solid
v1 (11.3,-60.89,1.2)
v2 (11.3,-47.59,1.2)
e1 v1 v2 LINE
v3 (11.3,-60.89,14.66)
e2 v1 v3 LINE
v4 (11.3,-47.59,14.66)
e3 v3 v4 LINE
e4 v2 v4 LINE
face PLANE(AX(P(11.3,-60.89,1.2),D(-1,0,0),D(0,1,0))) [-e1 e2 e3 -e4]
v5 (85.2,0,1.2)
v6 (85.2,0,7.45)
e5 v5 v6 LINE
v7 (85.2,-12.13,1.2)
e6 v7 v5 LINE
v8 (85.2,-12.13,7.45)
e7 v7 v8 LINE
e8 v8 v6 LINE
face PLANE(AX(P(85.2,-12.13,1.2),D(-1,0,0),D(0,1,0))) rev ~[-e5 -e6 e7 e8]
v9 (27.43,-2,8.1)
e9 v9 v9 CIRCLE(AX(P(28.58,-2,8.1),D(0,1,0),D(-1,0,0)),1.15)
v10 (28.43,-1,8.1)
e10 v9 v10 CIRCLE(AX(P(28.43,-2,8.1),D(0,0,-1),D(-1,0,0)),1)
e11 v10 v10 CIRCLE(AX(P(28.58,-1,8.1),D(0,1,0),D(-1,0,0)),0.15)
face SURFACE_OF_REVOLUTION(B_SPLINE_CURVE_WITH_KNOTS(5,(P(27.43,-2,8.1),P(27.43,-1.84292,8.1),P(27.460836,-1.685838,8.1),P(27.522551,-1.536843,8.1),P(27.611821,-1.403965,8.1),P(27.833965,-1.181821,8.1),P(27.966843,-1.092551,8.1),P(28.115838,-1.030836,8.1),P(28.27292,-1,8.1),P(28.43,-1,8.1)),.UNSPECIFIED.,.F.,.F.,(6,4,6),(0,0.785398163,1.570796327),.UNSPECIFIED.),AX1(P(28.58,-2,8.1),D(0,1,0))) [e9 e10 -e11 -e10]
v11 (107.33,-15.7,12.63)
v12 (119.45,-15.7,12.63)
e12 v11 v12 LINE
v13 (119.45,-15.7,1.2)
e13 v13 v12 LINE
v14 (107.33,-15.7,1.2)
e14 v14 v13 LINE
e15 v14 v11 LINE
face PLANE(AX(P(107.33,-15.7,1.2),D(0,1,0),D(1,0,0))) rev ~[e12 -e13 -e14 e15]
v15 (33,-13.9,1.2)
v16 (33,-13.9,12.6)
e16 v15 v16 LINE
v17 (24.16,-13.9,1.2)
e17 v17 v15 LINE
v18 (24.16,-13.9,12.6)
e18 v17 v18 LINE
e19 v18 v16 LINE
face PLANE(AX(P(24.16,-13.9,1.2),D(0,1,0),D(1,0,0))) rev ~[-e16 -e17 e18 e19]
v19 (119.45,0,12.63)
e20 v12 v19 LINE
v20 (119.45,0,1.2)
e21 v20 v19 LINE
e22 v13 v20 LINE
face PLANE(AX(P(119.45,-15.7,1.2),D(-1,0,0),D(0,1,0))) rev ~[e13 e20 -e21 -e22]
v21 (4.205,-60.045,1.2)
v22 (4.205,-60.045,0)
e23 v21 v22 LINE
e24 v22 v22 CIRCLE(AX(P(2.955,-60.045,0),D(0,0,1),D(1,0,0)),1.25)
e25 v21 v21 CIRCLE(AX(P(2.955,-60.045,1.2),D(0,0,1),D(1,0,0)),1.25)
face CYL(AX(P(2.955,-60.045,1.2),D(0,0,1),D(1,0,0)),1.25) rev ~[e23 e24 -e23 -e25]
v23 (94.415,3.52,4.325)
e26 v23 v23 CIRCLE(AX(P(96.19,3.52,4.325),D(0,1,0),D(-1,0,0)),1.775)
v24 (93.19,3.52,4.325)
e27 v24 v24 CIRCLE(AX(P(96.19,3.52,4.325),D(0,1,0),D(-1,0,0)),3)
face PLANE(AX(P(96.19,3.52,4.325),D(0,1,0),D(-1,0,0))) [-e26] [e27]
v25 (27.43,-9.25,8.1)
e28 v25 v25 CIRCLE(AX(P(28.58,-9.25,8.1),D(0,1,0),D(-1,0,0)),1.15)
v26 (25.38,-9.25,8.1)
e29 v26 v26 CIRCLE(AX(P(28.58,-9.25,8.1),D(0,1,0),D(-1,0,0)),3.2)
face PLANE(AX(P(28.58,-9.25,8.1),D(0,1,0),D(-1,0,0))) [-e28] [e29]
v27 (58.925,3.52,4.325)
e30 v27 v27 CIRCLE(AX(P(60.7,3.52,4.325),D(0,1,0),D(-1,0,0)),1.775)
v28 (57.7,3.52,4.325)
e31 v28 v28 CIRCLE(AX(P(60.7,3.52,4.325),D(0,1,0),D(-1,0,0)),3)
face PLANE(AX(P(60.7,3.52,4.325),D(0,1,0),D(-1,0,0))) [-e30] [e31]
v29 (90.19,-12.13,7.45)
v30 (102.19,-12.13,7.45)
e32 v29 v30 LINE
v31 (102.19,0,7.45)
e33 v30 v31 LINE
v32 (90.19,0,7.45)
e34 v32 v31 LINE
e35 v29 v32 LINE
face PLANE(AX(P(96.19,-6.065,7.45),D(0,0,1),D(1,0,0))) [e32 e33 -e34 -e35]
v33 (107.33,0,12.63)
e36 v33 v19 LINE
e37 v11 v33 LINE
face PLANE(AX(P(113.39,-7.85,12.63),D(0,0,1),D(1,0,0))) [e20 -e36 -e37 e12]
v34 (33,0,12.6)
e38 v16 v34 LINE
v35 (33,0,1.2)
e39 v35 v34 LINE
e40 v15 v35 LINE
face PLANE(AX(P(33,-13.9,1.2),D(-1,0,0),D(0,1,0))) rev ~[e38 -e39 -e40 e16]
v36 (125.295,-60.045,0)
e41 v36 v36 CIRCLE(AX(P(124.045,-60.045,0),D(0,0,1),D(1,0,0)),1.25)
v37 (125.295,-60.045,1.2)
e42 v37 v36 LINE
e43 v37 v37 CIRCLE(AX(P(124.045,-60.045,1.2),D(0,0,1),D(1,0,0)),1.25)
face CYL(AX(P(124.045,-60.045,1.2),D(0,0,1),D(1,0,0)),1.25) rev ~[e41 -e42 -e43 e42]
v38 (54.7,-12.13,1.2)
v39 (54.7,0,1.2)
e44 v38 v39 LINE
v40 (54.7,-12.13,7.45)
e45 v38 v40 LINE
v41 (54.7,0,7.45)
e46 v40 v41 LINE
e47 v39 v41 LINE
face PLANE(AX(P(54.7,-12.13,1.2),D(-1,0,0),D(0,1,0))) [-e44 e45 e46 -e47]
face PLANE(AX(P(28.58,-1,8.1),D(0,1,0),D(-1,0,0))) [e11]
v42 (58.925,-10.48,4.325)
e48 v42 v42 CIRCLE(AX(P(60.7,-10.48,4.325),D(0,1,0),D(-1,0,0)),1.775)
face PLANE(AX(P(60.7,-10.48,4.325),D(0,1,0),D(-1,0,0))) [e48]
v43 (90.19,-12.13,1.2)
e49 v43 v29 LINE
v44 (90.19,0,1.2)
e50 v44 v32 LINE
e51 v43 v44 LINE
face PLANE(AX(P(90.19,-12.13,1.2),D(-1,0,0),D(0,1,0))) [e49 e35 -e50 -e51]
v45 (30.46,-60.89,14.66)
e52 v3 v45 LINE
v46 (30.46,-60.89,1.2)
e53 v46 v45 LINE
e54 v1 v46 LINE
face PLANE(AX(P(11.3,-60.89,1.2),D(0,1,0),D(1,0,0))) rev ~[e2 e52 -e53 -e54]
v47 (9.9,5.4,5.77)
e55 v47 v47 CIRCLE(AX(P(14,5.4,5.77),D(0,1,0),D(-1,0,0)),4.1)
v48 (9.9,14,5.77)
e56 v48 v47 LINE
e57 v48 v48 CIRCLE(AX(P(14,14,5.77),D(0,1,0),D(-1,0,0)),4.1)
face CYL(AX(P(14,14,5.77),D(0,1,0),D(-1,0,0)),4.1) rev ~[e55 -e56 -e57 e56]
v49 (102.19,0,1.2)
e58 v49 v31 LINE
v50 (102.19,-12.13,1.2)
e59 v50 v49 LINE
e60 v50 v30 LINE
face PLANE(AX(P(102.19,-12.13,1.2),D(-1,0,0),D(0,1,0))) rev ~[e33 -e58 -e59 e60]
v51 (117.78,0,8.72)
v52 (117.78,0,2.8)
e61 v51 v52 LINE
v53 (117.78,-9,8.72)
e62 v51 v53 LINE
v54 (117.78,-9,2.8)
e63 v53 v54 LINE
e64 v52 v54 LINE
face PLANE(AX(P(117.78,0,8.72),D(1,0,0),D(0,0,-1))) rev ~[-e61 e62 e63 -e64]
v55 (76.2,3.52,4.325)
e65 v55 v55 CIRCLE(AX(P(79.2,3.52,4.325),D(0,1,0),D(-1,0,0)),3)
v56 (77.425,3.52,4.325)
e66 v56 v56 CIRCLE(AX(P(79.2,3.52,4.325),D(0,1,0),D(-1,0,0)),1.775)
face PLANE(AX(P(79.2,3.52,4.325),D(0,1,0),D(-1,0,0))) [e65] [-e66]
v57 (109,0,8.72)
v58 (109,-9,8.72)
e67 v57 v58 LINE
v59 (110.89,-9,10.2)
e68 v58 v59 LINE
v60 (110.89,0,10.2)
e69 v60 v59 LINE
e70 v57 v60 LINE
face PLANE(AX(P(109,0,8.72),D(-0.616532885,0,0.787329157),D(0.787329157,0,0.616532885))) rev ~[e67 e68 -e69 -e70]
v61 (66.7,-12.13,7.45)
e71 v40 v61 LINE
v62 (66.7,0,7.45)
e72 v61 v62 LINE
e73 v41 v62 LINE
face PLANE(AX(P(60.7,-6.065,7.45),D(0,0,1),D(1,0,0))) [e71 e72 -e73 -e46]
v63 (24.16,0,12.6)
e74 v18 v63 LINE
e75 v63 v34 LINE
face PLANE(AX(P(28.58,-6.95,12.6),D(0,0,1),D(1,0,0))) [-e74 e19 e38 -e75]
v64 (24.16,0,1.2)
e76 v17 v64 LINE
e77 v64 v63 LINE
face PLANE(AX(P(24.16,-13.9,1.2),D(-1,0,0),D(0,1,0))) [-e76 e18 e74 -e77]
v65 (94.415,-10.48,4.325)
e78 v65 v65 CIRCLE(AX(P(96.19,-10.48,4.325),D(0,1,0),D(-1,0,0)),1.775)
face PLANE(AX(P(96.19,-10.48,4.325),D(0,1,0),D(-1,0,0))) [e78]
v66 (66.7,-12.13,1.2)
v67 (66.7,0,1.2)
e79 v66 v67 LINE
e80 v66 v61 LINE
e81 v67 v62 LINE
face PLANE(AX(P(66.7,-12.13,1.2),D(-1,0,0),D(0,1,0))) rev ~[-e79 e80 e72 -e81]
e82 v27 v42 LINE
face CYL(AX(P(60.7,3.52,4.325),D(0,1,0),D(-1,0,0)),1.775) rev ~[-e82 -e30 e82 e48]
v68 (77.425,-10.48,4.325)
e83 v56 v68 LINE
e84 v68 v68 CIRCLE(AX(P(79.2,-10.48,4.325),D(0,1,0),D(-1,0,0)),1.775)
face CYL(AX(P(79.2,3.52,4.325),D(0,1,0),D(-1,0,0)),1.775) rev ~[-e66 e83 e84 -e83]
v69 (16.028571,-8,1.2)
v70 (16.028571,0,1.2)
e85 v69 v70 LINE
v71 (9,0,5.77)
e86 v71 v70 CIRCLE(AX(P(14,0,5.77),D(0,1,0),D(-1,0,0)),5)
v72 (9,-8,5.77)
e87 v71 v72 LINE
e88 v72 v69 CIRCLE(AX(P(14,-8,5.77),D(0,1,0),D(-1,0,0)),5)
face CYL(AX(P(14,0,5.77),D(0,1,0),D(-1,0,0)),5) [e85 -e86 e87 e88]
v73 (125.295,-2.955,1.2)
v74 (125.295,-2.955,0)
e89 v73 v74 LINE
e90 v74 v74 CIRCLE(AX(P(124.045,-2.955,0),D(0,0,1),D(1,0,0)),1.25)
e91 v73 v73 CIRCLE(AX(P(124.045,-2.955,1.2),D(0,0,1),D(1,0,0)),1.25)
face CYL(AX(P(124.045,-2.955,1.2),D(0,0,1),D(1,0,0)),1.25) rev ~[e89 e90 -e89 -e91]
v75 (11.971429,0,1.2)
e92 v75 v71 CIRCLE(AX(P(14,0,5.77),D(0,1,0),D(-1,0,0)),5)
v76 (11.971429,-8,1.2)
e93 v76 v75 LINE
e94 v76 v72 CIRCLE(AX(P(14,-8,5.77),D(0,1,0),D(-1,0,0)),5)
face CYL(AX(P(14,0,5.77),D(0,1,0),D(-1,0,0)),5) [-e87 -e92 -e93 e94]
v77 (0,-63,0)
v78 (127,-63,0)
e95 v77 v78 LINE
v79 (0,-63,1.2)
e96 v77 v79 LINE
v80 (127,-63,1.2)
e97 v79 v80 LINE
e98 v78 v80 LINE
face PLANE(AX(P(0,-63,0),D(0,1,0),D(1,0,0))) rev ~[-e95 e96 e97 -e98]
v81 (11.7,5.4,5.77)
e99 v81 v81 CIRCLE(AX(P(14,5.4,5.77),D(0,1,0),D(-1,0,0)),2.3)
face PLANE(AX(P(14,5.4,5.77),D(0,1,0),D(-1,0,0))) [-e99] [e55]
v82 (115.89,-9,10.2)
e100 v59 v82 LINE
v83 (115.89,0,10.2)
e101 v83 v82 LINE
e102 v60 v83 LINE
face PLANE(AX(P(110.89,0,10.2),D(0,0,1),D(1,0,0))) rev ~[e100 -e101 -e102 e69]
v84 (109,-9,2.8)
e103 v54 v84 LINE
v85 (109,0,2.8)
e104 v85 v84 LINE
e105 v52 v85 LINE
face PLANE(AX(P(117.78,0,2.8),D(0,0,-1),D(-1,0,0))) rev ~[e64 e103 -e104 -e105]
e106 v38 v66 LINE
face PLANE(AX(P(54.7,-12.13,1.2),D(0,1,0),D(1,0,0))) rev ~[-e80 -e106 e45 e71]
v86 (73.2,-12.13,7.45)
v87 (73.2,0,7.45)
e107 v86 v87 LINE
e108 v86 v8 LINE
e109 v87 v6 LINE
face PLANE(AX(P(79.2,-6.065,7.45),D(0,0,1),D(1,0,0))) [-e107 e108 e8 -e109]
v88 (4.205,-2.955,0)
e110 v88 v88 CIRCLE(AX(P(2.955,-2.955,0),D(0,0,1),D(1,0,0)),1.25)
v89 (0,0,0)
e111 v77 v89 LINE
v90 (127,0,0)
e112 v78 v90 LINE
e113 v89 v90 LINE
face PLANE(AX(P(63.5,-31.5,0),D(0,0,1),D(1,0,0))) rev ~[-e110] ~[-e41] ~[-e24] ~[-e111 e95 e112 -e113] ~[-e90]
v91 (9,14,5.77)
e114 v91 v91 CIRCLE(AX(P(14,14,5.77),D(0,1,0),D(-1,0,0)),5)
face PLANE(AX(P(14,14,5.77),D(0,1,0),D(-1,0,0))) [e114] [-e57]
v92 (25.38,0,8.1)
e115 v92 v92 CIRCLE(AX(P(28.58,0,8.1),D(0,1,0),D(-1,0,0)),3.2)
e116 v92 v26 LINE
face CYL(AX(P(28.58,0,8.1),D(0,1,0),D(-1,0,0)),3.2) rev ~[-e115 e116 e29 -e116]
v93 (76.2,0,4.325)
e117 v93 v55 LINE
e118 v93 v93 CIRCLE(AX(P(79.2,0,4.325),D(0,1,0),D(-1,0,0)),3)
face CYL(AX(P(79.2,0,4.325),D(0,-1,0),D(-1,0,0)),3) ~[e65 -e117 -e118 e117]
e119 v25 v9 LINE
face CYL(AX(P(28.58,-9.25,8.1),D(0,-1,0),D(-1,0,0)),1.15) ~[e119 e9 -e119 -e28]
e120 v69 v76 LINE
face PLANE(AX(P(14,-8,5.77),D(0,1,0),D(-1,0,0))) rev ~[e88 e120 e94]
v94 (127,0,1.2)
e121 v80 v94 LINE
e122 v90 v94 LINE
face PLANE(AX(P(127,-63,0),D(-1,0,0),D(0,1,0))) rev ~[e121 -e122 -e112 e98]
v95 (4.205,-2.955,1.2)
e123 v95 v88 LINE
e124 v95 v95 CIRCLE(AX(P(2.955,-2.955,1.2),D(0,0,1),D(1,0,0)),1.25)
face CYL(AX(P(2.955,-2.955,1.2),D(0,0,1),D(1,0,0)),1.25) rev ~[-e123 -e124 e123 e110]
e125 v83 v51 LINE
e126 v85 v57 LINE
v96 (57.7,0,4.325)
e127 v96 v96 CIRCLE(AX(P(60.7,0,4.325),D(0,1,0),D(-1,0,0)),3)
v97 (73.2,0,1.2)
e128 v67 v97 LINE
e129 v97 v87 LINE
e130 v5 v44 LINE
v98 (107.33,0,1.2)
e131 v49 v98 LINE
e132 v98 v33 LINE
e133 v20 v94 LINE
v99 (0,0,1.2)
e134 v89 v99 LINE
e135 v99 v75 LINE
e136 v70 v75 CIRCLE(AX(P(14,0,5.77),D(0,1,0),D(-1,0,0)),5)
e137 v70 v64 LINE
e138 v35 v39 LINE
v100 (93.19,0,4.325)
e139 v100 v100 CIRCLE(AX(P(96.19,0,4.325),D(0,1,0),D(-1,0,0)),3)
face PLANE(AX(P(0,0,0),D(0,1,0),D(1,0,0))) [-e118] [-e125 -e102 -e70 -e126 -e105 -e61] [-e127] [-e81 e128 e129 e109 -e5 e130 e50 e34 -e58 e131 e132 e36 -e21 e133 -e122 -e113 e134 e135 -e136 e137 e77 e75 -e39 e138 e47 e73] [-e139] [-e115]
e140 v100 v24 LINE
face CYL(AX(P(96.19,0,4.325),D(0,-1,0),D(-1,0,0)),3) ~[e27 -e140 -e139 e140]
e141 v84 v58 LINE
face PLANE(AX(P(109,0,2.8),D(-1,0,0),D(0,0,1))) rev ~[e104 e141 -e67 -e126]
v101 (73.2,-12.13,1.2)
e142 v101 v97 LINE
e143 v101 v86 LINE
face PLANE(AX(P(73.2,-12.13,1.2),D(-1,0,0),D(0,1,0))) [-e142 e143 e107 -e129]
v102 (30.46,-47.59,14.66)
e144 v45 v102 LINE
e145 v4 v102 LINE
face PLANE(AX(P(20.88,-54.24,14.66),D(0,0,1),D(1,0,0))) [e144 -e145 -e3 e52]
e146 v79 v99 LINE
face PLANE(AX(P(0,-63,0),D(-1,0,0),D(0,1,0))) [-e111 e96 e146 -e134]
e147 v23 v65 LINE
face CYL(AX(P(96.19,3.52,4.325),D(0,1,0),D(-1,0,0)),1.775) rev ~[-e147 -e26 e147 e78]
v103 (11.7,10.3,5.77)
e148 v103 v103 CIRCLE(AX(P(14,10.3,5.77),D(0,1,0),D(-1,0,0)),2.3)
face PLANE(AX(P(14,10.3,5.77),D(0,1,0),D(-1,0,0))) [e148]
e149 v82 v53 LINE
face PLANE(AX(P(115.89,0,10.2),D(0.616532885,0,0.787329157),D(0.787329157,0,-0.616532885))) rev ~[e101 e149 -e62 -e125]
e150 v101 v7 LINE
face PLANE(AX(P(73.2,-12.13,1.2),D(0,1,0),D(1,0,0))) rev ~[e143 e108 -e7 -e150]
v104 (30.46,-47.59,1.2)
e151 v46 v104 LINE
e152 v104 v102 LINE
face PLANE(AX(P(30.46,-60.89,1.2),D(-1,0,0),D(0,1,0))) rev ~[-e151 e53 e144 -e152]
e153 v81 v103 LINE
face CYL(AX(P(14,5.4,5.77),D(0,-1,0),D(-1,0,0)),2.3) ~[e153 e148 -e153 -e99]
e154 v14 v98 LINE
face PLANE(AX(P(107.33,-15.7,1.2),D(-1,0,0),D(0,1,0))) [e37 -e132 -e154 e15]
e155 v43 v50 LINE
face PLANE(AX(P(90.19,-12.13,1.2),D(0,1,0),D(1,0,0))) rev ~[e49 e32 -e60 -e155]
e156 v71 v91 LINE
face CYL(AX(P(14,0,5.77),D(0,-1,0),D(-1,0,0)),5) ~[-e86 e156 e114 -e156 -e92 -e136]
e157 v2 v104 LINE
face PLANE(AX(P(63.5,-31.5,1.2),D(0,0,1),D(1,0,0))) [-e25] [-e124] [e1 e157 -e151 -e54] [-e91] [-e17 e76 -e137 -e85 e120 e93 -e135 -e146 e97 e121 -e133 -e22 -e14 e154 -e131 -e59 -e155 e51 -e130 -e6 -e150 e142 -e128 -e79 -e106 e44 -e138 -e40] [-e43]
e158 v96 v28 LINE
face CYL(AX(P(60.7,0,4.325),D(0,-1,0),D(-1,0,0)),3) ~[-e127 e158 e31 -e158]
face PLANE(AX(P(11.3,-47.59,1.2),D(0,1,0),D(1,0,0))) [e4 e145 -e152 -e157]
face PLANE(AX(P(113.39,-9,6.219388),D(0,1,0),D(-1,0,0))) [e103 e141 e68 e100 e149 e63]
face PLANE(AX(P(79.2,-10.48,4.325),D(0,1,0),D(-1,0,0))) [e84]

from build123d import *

# Parameters (mm, degrees)
F0_W           = 127
F0_H           = 63
F1_DEPTH       = 1.2
F2_R           = 1.25
F3_DEPTH       = 1.2
F4_W           = 12
F4_H           = 12.13
F5_DEPTH       = 6.25
F6_R           = 3
F7_DEPTH       = 3.52
F8_R           = 1.775
F9_DEPTH       = 14
F10_W          = 12.12
F10_H          = 15.7
F11_DEPTH      = 11.43
F13_DEPTH      = 9
F14_W          = 8.84
F14_H          = 13.9
F15_DEPTH      = 11.4
F16_R          = 3.2
F17_DEPTH      = 9.25
F18_R          = 1.15
F19_DEPTH      = 8.25
F20_R          = 1
F21_R          = 5
F22_DEPTH      = 14
F22_DEPTH_BACK = 8
F23_R          = 4.1
F24_DEPTH      = 8.6
F25_R          = 2.3
F26_DEPTH      = 4.9
F27_W          = 19.16
F27_H          = 13.3
F28_DEPTH      = 13.46


with BuildPart() as f1:
    # F0 (on Top) → F1 (new body)
    with BuildSketch(Plane.XY):
        with Locations((63.5, -31.5)):
            Rectangle(F0_W, F0_H)
    extrude(amount=F1_DEPTH)

    # F2 (on face) → F3 (cut, through all)
    with BuildSketch(Plane.XY.offset(1.2)):
        with Locations((2.955, -2.955)):
            Circle(F2_R)
        with Locations((2.955, -60.045)):
            Circle(F2_R)
        with Locations((124.045, -60.045)):
            Circle(F2_R)
        with Locations((124.045, -2.955)):
            Circle(F2_R)
    extrude(amount=-F3_DEPTH, mode=Mode.SUBTRACT)

    # F4 (on face) → F5 (join)
    with BuildSketch(Plane.XY.offset(1.2)):
        with Locations((96.19, -6.065)):
            Rectangle(F4_W, F4_H)
        with Locations((79.2, -6.065)):
            Rectangle(F4_W, F4_H)
        with Locations((60.7, -6.065)):
            Rectangle(F4_W, F4_H)
    extrude(amount=F5_DEPTH)

    # F6 (on face) → F7 (join)
    with BuildSketch(Plane(origin=(0, 0, 0), x_dir=(-1, 0, 0), z_dir=(0, 1, 0))):
        with Locations((-96.19, 4.325)):
            Circle(F6_R)
        with Locations((-79.2, 4.325)):
            Circle(F6_R)
        with Locations((-60.7, 4.325)):
            Circle(F6_R)
    extrude(amount=F7_DEPTH)

    # F8 (on face) → F9 (cut)
    with BuildSketch(Plane(origin=(0, 3.52, 0), x_dir=(-1, 0, 0), z_dir=(0, 1, 0))):
        with Locations((-96.19, 4.325)):
            Circle(F8_R)
        with Locations((-79.2, 4.325)):
            Circle(F8_R)
        with Locations((-60.7, 4.325)):
            Circle(F8_R)
    extrude(amount=-F9_DEPTH, mode=Mode.SUBTRACT)

    # F10 (on face) → F11 (join)
    with BuildSketch(Plane.XY.offset(1.2)):
        with Locations((113.39, -7.85)):
            Rectangle(F10_W, F10_H)
    extrude(amount=F11_DEPTH)

    # F12 (on face) → F13 (cut)
    with BuildSketch(Plane(origin=(0, 0, 0), x_dir=(-1, 0, 0), z_dir=(0, 1, 0))):
        Polygon((-117.78, 8.72), (-117.78, 2.8), (-109, 2.8), (-109, 8.72), (-110.89, 10.2), (-115.89, 10.2), align=None)
    extrude(amount=-F13_DEPTH, mode=Mode.SUBTRACT)

    # F14 (on face) → F15 (join)
    with BuildSketch(Plane.XY.offset(1.2)):
        with Locations((28.58, -6.95)):
            Rectangle(F14_W, F14_H)
    extrude(amount=F15_DEPTH)

    # F16 (on face) → F17 (cut)
    with BuildSketch(Plane(origin=(0, 0, 0), x_dir=(-1, 0, 0), z_dir=(0, 1, 0))):
        with Locations((-28.58, 8.1)):
            Circle(F16_R)
    extrude(amount=-F17_DEPTH, mode=Mode.SUBTRACT)

    # F18 (on face) → F19 (join, through all)
    with BuildSketch(Plane(origin=(0, -9.25, 0), x_dir=(-1, 0, 0), z_dir=(0, 1, 0))):
        with Locations((-28.58, 8.1)):
            Circle(F18_R)
    extrude(amount=F19_DEPTH)

    # F20
    f20_edges = [f1.edges().sort_by_distance(p)[0] for p in [
        (29.73, -1, 8.1),
    ]]
    fillet(f20_edges, radius=F20_R)

    # F21 (on face) → F22 (join, two sides)
    with BuildSketch(Plane(origin=(0, 0, 0), x_dir=(-1, 0, 0), z_dir=(0, 1, 0))) as f22_sk:
        with Locations((-14, 5.77)):
            Circle(F21_R)
    extrude(amount=F22_DEPTH)
    extrude(f22_sk.sketch, amount=-F22_DEPTH_BACK)

    # F23 (on face) → F24 (cut)
    with BuildSketch(Plane(origin=(0, 14, 0), x_dir=(-1, 0, 0), z_dir=(0, 1, 0))):
        with Locations((-14, 5.77)):
            Circle(F23_R)
    extrude(amount=-F24_DEPTH, mode=Mode.SUBTRACT)

    # F25 (on face) → F26 (join, through all)
    with BuildSketch(Plane(origin=(0, 5.4, 0), x_dir=(-1, 0, 0), z_dir=(0, 1, 0))):
        with Locations((-14, 5.77)):
            Circle(F25_R)
    extrude(amount=F26_DEPTH)

    # F27 (on face) → F28 (join)
    with BuildSketch(Plane.XY.offset(1.2)):
        with Locations((20.88, -54.24)):
            Rectangle(F27_W, F27_H)
    extrude(amount=F28_DEPTH)


solid = f1.part
